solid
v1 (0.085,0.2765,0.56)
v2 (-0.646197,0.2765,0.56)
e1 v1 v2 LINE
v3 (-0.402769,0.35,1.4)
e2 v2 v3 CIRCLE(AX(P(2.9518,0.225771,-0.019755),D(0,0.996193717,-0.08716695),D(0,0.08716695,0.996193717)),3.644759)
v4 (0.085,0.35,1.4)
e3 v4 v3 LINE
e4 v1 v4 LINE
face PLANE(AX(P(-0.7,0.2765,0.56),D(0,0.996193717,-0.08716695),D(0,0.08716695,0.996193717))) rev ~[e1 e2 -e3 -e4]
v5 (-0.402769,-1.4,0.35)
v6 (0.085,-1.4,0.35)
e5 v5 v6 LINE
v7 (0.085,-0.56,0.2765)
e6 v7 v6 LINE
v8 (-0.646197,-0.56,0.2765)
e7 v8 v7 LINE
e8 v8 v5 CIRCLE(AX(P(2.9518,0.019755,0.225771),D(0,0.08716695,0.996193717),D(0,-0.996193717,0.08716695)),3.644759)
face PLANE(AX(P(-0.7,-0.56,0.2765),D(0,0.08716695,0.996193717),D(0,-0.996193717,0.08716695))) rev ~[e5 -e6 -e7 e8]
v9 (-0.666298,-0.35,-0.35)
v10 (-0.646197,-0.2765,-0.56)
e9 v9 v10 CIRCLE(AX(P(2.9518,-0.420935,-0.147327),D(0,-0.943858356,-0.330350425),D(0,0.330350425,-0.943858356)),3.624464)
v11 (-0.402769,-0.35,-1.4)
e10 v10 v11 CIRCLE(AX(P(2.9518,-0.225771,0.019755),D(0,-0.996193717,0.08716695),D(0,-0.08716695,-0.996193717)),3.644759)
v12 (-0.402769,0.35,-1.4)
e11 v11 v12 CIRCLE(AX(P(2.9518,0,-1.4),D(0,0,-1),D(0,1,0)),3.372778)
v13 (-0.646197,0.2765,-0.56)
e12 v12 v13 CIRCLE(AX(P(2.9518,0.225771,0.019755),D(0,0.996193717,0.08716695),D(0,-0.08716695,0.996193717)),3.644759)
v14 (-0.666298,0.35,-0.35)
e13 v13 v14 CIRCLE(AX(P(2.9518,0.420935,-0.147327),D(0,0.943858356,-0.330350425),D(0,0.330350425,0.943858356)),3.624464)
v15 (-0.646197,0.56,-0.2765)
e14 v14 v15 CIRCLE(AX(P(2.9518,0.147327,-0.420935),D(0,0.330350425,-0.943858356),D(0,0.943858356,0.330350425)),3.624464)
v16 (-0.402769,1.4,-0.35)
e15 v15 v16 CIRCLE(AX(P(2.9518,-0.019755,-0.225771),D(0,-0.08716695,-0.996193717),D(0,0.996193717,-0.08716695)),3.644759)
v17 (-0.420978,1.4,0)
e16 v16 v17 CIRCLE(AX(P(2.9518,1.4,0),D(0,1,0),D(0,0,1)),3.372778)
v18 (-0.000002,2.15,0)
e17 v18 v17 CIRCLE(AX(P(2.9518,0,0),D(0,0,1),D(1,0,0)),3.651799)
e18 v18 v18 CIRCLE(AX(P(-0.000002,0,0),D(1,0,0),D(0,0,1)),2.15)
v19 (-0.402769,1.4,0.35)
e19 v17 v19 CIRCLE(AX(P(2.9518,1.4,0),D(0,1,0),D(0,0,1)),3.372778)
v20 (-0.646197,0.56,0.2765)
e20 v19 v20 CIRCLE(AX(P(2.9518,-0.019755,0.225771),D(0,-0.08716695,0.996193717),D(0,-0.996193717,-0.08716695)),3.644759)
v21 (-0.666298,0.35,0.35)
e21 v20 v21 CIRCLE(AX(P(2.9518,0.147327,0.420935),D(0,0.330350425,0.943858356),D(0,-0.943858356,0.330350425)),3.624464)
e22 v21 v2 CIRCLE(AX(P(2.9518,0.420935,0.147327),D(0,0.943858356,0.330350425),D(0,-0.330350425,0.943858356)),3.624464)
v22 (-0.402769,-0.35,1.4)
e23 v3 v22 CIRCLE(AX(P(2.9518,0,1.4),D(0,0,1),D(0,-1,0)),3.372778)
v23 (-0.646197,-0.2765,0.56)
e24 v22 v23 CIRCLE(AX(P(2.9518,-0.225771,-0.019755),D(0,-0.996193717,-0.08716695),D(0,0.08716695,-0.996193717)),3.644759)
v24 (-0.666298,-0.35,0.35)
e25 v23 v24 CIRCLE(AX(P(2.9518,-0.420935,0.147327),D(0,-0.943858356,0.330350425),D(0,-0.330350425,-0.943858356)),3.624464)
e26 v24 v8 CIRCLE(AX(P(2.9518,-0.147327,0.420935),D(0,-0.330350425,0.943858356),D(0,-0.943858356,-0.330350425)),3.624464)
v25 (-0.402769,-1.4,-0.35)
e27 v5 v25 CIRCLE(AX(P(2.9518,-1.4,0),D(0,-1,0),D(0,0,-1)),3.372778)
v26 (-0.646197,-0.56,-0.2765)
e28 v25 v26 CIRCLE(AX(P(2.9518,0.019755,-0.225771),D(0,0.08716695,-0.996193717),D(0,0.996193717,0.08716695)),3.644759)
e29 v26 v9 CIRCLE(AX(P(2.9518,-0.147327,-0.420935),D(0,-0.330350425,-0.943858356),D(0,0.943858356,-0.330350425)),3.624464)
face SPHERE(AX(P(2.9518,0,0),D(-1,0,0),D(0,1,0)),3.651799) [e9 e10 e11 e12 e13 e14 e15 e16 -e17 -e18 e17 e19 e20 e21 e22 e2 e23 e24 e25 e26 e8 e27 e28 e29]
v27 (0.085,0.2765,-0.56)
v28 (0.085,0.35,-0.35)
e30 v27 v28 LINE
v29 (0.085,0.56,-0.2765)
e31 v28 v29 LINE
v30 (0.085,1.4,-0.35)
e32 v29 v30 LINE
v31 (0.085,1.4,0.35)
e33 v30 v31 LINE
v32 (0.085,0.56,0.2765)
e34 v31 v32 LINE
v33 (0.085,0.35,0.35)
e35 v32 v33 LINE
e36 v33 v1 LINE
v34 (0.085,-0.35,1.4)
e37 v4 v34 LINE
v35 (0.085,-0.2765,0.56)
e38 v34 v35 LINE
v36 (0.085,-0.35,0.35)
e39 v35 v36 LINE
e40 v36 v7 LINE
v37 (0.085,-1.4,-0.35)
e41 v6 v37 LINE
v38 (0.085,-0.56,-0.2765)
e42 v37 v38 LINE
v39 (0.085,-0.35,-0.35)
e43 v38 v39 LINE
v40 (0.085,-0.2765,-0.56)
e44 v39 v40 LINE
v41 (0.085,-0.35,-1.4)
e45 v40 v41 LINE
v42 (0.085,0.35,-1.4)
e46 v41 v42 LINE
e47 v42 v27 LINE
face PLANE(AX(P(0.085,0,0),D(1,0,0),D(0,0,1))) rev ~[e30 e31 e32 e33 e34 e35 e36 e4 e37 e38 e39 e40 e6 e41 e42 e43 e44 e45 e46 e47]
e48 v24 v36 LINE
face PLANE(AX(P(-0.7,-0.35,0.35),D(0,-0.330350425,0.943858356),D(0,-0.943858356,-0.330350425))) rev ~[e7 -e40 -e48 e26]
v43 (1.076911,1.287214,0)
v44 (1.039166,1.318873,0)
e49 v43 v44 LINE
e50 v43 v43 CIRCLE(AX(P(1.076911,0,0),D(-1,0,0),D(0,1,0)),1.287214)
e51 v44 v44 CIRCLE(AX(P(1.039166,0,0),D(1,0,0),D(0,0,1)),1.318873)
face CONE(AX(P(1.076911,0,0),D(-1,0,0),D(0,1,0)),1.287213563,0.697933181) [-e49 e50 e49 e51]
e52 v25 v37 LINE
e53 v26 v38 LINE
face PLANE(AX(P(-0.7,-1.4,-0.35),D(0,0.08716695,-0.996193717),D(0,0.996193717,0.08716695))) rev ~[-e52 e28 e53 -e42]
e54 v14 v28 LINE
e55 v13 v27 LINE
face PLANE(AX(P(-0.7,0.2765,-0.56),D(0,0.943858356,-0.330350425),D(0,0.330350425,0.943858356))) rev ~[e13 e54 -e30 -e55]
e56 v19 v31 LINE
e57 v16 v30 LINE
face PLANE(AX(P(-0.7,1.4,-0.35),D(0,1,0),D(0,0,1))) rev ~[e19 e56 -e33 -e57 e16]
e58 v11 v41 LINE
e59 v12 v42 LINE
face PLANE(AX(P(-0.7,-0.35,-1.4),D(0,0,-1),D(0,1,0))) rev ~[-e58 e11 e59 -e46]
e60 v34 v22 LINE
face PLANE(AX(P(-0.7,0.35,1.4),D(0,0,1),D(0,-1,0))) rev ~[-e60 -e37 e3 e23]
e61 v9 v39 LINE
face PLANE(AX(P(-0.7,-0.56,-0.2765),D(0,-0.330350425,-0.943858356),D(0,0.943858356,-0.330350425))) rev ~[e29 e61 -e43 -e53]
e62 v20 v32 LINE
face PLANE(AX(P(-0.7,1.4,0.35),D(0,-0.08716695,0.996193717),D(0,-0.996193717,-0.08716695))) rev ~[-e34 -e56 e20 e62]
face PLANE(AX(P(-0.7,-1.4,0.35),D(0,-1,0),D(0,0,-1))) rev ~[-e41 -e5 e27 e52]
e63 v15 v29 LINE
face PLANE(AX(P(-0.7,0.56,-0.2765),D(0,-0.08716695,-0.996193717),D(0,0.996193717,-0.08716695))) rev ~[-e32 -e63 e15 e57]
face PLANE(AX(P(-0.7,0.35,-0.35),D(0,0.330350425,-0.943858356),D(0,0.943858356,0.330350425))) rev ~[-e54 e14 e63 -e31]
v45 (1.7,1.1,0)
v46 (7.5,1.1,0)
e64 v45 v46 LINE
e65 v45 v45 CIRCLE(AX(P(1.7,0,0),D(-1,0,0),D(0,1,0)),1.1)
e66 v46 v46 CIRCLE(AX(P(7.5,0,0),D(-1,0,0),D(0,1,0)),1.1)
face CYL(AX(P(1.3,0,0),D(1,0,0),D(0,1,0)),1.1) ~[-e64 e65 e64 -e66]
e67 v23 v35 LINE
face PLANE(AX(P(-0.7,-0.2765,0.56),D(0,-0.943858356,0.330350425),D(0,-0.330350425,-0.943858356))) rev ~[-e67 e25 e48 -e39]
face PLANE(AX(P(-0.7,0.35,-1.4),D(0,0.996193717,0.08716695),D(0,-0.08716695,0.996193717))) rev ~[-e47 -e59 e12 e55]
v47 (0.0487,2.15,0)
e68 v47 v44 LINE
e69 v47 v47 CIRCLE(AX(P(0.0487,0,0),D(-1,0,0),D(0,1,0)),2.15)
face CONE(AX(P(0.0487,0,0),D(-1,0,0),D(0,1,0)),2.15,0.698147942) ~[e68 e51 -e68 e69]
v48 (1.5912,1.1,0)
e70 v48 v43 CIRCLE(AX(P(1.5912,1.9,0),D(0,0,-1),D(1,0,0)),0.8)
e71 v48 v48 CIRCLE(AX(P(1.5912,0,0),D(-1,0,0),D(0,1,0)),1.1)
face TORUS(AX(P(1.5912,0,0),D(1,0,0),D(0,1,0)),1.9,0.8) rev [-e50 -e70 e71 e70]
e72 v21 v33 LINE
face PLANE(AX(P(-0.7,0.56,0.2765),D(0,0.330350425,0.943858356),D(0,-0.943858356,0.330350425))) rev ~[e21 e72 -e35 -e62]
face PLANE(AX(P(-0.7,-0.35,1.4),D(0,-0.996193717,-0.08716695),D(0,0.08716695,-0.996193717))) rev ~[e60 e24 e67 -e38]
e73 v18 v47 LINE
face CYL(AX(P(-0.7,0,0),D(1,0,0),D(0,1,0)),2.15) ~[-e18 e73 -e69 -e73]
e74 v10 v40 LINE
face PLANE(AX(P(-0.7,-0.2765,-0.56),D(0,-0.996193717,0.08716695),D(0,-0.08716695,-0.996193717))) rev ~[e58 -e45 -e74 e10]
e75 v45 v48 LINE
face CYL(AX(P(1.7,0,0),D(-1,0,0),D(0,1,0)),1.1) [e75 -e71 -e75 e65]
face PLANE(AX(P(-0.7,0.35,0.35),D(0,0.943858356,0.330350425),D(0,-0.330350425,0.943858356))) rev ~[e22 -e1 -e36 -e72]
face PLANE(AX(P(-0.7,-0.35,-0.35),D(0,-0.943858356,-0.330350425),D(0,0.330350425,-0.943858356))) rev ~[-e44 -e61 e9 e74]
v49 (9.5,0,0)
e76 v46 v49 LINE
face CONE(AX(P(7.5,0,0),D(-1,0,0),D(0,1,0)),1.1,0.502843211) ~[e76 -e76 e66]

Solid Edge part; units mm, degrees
sketch "Sketch1" plane through (0, 0, 0) normal (0, 0, 1) x (1, 0, 0)
  line L0 (-0.7, 0) -> (-0.7, 2.15)
  line L1 (-0.7, 2.15) -> (0.0487, 2.15)
  line L2 (0.0487, 2.15) -> (1.3, 1.1)
  line L3 (1.3, 1.1) -> (7.5, 1.1)
  line L4 (7.5, 1.1) -> (9.5, 0)
  line L5 (9.5, 0) -> (-0.7, 0)
revolve "RevolvedProtrusion1" add sketch "Sketch1" angle 360 about axis through (9.5, 0, 0) along (-1, 0, 0)
cosmetic_thread "Thread1" size "M2.2"
sketch "Sketch2" plane through (0, 0, 0) normal (0, 0, 1) x (1, 0, 0)
  line L0 (-0.83, 0) -> (-0.83, 2.365)
  line L1 (-0.83, 2.365) -> (0, 2.365)
  line L2 (0, 2.365) -> (0, 2.15)
  arc A0 (0, 2.15) -> (-0.7, 0) centre (2.9518, 0) ccw
  line L3 (-0.7, 0) -> (-0.83, 0)
revolve "RevolvedCutout1" cut sketch "Sketch2" angle 360 about axis through (-0.7, 0, 0) along (-1, 0, 0)
sketch "Sketch3" plane through (0, 0, 0) normal (0, 0, 1) x (1, 0, 0)
  line L0 (0.9, 0.9) -> (1.7, 0.9)
  line L1 (1.7, 0.9) -> (1.7, 1.1)
  line L2 (1.7, 1.1) -> (1.5912, 1.1)
  arc A0 (1.5912, 1.1) -> (1.0769, 1.2872) centre (1.5912, 1.9) cw
  line L3 (1.0769, 1.2872) -> (0.9, 1.4356)
  line L4 (0.9, 1.4356) -> (0.9, 0.9)
revolve "RevolvedProtrusion2" add sketch "Sketch3" angle 360 about axis through (1.7, 0, 0) along (-1, 0, 0)
sketch "Sketch4" plane through (-0.7, 0, 0) normal (1, 0, 0) x (0, 1, 0)
  line L0 (-0.35, 1.4) -> (-0.2765, 0.56)
  line L1 (-0.2765, 0.56) -> (-0.35, 0.35)
  line L2 (-0.35, 0.35) -> (-0.56, 0.2765)
  line L3 (-0.56, 0.2765) -> (-1.4, 0.35)
  line L4 (-1.4, 0.35) -> (-1.4, -0.35)
  line L5 (-1.4, -0.35) -> (-0.56, -0.2765)
  line L6 (-0.56, -0.2765) -> (-0.35, -0.35)
  line L7 (-0.35, -0.35) -> (-0.2765, -0.56)
  line L8 (-0.2765, -0.56) -> (-0.35, -1.4)
  line L9 (-0.35, -1.4) -> (0.35, -1.4)
  line L10 (0.35, -1.4) -> (0.2765, -0.56)
  line L11 (0.2765, -0.56) -> (0.35, -0.35)
  line L12 (0.35, -0.35) -> (0.56, -0.2765)
  line L13 (0.56, -0.2765) -> (1.4, -0.35)
  line L14 (1.4, -0.35) -> (1.4, 0.35)
  line L15 (1.4, 0.35) -> (0.56, 0.2765)
  line L16 (0.56, 0.2765) -> (0.35, 0.35)
  line L17 (0.35, 0.35) -> (0.2765, 0.56)
  line L18 (0.2765, 0.56) -> (0.35, 1.4)
  line L19 (0.35, 1.4) -> (-0.35, 1.4)
extrude "ExtrudedCutout_1" cut sketch "Sketch4" against normal blind 0.785 and the other way blind 0.785
properties part number "Tapping screw DIN 7983 ST2.2x9.5-C-H 55690.022.009(High)"
